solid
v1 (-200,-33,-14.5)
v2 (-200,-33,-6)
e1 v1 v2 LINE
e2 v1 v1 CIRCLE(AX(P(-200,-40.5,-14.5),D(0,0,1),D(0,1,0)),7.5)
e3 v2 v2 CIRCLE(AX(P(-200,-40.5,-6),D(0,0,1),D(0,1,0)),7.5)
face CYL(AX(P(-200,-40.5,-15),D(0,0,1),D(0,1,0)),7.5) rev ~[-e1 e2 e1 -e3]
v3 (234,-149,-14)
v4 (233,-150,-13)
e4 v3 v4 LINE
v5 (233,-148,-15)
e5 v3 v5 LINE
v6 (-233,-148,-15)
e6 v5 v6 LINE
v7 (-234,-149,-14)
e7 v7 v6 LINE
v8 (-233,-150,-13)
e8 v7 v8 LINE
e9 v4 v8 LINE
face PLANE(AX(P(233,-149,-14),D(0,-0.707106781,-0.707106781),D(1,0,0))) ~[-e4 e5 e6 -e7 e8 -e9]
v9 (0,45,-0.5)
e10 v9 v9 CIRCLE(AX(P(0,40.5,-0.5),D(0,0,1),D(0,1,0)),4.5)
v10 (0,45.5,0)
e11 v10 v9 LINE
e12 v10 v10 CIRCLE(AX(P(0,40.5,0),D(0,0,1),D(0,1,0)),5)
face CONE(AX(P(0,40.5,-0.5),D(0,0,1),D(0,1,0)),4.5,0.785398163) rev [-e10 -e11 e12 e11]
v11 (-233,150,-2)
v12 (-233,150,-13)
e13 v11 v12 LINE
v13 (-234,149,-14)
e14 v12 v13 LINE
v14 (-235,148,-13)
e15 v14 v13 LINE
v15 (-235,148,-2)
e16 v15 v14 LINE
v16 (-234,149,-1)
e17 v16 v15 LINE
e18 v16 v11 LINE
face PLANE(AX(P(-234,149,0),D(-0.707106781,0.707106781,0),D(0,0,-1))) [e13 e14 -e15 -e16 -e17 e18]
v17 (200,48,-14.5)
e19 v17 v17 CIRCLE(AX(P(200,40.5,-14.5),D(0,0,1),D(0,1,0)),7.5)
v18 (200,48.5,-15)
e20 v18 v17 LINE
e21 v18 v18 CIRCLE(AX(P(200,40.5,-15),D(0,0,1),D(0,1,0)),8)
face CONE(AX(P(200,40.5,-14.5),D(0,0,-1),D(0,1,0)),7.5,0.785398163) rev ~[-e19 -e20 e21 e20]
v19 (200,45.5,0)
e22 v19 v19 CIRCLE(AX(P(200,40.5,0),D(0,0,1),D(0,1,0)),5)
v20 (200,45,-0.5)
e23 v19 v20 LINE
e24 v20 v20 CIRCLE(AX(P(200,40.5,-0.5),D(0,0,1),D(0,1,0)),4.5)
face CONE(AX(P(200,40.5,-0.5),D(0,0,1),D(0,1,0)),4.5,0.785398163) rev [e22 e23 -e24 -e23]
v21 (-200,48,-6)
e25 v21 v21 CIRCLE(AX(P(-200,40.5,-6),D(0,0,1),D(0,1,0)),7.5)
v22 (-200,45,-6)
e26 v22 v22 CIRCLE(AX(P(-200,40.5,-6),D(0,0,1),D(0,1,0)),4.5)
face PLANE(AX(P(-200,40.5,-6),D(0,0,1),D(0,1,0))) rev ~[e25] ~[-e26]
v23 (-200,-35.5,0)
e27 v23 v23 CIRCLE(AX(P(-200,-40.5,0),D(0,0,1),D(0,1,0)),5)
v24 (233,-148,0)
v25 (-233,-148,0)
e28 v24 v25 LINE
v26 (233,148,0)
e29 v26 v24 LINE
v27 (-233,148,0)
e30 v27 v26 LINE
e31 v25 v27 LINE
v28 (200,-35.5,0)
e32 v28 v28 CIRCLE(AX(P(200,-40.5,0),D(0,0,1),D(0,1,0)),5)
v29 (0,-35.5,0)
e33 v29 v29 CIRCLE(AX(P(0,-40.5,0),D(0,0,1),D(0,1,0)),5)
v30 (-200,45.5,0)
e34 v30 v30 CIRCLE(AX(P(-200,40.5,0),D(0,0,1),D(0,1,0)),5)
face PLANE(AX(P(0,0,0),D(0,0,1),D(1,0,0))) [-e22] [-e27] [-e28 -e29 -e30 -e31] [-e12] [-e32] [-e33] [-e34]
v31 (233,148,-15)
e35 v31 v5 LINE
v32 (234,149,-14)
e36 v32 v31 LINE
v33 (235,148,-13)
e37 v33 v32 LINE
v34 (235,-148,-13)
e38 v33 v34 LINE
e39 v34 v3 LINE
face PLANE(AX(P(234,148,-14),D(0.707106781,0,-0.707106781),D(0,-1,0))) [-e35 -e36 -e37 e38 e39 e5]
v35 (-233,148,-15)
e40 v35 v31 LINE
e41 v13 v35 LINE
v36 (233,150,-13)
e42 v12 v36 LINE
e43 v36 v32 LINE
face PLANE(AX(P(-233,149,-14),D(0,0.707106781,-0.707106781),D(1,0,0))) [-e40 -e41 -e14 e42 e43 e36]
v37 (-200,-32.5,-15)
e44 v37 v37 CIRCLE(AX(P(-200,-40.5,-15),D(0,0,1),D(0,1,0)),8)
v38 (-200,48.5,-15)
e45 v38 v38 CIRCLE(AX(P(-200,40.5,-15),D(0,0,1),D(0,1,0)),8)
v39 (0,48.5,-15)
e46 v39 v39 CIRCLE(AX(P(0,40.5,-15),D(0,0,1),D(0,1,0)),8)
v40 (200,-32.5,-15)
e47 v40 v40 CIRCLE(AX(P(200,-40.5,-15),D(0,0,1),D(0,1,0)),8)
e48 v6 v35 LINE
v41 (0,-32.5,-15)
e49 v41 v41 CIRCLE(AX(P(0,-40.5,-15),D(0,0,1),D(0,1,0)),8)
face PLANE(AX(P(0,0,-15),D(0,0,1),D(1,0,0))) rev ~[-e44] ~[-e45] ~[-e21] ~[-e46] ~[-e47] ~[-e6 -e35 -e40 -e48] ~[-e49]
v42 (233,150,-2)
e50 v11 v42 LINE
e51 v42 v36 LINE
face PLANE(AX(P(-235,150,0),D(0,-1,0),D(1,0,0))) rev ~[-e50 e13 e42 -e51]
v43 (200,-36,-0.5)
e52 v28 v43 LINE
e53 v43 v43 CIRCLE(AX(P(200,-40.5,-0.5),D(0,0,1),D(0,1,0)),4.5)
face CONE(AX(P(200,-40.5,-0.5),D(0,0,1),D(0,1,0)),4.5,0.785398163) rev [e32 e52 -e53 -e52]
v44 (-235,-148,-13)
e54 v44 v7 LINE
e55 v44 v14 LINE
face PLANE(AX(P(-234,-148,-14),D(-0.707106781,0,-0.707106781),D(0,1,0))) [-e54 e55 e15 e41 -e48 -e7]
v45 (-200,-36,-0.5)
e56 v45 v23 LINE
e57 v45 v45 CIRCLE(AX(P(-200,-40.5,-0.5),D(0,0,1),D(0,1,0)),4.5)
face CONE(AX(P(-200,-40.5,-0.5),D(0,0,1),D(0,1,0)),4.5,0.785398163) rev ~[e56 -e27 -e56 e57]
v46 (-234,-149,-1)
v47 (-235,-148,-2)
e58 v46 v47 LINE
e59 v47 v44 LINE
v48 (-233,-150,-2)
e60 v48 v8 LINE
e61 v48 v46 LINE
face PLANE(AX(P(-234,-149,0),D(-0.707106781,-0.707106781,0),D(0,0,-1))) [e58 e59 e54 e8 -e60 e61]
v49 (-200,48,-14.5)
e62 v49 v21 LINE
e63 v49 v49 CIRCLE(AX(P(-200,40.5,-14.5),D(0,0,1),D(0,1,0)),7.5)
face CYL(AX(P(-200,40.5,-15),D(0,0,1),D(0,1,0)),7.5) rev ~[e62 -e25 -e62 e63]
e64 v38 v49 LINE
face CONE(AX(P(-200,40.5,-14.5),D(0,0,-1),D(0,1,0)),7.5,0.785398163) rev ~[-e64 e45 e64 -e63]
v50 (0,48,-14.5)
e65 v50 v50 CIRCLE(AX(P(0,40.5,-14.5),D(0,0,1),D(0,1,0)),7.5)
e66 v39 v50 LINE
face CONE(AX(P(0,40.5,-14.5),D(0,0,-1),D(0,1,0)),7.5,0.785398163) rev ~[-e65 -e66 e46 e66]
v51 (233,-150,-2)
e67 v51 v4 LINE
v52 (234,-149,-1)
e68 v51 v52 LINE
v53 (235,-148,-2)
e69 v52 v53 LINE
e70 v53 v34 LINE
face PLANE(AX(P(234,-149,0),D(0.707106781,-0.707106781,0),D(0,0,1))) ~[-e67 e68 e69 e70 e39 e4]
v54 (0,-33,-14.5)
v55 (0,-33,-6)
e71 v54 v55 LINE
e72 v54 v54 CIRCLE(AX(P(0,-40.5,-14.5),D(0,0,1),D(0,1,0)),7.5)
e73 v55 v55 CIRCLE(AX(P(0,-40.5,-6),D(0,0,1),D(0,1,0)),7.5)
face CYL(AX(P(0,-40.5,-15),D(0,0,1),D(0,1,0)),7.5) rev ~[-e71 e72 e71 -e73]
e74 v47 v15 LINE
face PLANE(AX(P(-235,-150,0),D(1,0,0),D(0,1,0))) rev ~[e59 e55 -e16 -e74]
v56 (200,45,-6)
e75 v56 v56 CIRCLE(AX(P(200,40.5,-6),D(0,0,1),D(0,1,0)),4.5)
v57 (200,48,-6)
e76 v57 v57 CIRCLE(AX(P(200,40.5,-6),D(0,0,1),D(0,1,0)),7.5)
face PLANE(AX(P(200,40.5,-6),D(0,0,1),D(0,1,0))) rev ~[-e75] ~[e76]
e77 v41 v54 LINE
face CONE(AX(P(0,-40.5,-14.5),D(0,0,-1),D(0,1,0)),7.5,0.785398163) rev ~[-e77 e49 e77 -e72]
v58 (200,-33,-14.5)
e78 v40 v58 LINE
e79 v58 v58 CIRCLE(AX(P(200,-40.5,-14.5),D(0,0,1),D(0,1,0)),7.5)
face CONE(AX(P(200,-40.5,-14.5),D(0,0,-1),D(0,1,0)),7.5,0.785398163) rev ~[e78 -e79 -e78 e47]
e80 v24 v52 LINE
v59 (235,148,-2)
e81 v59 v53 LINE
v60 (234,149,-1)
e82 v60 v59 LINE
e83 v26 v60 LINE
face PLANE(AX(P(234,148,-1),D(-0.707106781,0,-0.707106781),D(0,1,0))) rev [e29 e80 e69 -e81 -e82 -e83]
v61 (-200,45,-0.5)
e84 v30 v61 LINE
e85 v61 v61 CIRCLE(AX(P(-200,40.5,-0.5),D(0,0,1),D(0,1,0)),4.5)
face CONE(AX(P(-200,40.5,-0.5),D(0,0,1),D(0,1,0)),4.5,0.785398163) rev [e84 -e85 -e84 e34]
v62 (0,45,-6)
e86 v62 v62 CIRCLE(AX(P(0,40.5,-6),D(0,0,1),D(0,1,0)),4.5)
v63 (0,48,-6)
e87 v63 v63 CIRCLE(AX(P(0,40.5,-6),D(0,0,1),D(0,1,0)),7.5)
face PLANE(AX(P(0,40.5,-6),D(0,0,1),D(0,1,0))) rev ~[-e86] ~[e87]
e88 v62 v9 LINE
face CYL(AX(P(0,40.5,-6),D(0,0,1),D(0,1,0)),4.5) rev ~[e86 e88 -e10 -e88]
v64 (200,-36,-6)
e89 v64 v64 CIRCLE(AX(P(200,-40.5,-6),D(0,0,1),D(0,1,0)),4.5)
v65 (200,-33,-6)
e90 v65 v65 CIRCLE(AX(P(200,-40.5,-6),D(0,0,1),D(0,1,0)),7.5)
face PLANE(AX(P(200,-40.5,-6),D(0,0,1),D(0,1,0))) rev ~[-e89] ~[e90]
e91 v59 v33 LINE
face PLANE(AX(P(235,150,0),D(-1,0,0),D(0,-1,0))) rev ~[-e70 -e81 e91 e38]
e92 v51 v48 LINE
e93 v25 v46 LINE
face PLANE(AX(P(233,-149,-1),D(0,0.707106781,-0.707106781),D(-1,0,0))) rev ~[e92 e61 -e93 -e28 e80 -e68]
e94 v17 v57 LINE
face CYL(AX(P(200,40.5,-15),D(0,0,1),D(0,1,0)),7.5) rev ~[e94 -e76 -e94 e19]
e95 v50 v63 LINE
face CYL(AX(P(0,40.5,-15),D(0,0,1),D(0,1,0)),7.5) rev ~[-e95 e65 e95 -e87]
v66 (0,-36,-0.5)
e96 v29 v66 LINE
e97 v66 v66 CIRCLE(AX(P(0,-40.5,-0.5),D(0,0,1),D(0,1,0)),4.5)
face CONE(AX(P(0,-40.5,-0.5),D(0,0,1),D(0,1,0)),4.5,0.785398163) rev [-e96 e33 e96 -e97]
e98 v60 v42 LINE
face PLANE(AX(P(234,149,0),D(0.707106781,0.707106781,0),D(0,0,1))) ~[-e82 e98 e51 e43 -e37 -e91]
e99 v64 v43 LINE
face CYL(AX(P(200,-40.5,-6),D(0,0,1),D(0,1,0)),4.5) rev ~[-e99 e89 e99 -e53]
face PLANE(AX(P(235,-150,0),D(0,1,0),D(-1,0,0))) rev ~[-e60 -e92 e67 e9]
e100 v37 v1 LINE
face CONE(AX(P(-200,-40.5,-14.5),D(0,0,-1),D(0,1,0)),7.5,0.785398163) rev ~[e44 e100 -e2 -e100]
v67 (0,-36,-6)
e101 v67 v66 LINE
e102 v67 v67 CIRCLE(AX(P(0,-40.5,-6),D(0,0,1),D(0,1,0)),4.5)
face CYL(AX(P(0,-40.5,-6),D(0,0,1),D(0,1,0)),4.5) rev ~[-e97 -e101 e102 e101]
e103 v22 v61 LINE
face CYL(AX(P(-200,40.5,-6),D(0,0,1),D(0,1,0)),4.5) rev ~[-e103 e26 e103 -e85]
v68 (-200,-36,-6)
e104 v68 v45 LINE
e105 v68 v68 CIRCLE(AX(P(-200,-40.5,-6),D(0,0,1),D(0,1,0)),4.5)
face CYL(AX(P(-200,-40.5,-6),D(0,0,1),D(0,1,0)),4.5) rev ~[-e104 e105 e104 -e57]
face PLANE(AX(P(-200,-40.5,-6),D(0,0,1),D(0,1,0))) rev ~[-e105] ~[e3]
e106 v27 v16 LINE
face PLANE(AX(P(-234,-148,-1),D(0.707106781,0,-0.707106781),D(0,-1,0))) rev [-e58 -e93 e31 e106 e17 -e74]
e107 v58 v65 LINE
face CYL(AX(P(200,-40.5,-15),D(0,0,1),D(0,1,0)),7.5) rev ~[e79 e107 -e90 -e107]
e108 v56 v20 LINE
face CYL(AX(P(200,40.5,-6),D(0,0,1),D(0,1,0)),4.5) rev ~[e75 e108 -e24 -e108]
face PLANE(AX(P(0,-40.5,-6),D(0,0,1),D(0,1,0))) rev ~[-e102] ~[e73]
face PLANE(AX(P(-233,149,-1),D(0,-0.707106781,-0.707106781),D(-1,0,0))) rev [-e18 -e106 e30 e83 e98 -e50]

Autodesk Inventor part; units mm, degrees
ref_plane "XY Plane" through (0, 0, 0) normal (0, 0, 1) x (1, 0, 0)
sketch "Skizze1" plane through (0, 0, 0) normal (0, 0, 1) x (1, 0, 0)
  line L0 (-235, 150) -> (235, 150)
  line L1 (235, 150) -> (235, -150)
  line L2 (235, -150) -> (-235, -150)
  line L3 (-235, -150) -> (-235, 150)
  line L4 (-235, 150) -> (235, -150) construction
  line L5 (235, 150) -> (-235, -150) construction
  point P0 (0, 0)
  dimension "d0" = 300
  dimension "d1" = 470
extrude "Extrusion1" add sketch "Skizze1" against normal blind 15
sketch "Skizze2" plane through (0, 0, -15) normal (0, 0, -1) x (-1, 0, 0)
  line L0 (-235, -150) -> (235, -150) projected
  line L1 (235, -150) -> (235, 150) projected
  line L2 (235, 150) -> (-235, 150) projected
  line L3 (-235, 150) -> (-235, -150) projected
  point P0 (0, 0)
  point P1 (0, 40.5)
  point P2 (0, -40.5)
  dimension "d4" = 40.5
  dimension "d5" = 40.5
hole "Bohrung1" at (0, 40.5, -15) at (0, -40.5, -15) direction (0, 0, 1) diameter 9 end through all counterbore diameter 15 counterbore depth 9
pattern_linear "Rechteckige Anordnung1" count 2 spacing 200 along (1, 0, 0) count 2 spacing 200 along (-1, 0, 0) of "Bohrung1"
chamfer "Fasen1" distance 2 angle 45 4 edges at (235, -150, -7.5) (235, 150, -7.5) (-235, 150, -7.5) (-235, -150, -7.5)
chamfer "Fasen2" distance 2 angle 45 8 edges at (0, -150, -15) (0, -150, 0) (-235, 0, 0) (-235, 0, -15) (0, 150, 0) (0, 150, -15) (235, 0, 0) (235, 0, -15)
chamfer "Fasen3" distance 0.5 angle 45 6 edges at (-200, -48, -15) (-200, 33, -15) (0, -48, -15) (0, 33, -15) (200, -48, -15) (200, 33, -15)
chamfer "Fasen4" distance 0.5 angle 45 6 edges at (-200, -45, 0) (-200, 36, 0) (0, -45, 0) (0, 36, 0) (200, -45, 0) (200, 36, 0)
properties part number "Bodenplatte-Segment"
